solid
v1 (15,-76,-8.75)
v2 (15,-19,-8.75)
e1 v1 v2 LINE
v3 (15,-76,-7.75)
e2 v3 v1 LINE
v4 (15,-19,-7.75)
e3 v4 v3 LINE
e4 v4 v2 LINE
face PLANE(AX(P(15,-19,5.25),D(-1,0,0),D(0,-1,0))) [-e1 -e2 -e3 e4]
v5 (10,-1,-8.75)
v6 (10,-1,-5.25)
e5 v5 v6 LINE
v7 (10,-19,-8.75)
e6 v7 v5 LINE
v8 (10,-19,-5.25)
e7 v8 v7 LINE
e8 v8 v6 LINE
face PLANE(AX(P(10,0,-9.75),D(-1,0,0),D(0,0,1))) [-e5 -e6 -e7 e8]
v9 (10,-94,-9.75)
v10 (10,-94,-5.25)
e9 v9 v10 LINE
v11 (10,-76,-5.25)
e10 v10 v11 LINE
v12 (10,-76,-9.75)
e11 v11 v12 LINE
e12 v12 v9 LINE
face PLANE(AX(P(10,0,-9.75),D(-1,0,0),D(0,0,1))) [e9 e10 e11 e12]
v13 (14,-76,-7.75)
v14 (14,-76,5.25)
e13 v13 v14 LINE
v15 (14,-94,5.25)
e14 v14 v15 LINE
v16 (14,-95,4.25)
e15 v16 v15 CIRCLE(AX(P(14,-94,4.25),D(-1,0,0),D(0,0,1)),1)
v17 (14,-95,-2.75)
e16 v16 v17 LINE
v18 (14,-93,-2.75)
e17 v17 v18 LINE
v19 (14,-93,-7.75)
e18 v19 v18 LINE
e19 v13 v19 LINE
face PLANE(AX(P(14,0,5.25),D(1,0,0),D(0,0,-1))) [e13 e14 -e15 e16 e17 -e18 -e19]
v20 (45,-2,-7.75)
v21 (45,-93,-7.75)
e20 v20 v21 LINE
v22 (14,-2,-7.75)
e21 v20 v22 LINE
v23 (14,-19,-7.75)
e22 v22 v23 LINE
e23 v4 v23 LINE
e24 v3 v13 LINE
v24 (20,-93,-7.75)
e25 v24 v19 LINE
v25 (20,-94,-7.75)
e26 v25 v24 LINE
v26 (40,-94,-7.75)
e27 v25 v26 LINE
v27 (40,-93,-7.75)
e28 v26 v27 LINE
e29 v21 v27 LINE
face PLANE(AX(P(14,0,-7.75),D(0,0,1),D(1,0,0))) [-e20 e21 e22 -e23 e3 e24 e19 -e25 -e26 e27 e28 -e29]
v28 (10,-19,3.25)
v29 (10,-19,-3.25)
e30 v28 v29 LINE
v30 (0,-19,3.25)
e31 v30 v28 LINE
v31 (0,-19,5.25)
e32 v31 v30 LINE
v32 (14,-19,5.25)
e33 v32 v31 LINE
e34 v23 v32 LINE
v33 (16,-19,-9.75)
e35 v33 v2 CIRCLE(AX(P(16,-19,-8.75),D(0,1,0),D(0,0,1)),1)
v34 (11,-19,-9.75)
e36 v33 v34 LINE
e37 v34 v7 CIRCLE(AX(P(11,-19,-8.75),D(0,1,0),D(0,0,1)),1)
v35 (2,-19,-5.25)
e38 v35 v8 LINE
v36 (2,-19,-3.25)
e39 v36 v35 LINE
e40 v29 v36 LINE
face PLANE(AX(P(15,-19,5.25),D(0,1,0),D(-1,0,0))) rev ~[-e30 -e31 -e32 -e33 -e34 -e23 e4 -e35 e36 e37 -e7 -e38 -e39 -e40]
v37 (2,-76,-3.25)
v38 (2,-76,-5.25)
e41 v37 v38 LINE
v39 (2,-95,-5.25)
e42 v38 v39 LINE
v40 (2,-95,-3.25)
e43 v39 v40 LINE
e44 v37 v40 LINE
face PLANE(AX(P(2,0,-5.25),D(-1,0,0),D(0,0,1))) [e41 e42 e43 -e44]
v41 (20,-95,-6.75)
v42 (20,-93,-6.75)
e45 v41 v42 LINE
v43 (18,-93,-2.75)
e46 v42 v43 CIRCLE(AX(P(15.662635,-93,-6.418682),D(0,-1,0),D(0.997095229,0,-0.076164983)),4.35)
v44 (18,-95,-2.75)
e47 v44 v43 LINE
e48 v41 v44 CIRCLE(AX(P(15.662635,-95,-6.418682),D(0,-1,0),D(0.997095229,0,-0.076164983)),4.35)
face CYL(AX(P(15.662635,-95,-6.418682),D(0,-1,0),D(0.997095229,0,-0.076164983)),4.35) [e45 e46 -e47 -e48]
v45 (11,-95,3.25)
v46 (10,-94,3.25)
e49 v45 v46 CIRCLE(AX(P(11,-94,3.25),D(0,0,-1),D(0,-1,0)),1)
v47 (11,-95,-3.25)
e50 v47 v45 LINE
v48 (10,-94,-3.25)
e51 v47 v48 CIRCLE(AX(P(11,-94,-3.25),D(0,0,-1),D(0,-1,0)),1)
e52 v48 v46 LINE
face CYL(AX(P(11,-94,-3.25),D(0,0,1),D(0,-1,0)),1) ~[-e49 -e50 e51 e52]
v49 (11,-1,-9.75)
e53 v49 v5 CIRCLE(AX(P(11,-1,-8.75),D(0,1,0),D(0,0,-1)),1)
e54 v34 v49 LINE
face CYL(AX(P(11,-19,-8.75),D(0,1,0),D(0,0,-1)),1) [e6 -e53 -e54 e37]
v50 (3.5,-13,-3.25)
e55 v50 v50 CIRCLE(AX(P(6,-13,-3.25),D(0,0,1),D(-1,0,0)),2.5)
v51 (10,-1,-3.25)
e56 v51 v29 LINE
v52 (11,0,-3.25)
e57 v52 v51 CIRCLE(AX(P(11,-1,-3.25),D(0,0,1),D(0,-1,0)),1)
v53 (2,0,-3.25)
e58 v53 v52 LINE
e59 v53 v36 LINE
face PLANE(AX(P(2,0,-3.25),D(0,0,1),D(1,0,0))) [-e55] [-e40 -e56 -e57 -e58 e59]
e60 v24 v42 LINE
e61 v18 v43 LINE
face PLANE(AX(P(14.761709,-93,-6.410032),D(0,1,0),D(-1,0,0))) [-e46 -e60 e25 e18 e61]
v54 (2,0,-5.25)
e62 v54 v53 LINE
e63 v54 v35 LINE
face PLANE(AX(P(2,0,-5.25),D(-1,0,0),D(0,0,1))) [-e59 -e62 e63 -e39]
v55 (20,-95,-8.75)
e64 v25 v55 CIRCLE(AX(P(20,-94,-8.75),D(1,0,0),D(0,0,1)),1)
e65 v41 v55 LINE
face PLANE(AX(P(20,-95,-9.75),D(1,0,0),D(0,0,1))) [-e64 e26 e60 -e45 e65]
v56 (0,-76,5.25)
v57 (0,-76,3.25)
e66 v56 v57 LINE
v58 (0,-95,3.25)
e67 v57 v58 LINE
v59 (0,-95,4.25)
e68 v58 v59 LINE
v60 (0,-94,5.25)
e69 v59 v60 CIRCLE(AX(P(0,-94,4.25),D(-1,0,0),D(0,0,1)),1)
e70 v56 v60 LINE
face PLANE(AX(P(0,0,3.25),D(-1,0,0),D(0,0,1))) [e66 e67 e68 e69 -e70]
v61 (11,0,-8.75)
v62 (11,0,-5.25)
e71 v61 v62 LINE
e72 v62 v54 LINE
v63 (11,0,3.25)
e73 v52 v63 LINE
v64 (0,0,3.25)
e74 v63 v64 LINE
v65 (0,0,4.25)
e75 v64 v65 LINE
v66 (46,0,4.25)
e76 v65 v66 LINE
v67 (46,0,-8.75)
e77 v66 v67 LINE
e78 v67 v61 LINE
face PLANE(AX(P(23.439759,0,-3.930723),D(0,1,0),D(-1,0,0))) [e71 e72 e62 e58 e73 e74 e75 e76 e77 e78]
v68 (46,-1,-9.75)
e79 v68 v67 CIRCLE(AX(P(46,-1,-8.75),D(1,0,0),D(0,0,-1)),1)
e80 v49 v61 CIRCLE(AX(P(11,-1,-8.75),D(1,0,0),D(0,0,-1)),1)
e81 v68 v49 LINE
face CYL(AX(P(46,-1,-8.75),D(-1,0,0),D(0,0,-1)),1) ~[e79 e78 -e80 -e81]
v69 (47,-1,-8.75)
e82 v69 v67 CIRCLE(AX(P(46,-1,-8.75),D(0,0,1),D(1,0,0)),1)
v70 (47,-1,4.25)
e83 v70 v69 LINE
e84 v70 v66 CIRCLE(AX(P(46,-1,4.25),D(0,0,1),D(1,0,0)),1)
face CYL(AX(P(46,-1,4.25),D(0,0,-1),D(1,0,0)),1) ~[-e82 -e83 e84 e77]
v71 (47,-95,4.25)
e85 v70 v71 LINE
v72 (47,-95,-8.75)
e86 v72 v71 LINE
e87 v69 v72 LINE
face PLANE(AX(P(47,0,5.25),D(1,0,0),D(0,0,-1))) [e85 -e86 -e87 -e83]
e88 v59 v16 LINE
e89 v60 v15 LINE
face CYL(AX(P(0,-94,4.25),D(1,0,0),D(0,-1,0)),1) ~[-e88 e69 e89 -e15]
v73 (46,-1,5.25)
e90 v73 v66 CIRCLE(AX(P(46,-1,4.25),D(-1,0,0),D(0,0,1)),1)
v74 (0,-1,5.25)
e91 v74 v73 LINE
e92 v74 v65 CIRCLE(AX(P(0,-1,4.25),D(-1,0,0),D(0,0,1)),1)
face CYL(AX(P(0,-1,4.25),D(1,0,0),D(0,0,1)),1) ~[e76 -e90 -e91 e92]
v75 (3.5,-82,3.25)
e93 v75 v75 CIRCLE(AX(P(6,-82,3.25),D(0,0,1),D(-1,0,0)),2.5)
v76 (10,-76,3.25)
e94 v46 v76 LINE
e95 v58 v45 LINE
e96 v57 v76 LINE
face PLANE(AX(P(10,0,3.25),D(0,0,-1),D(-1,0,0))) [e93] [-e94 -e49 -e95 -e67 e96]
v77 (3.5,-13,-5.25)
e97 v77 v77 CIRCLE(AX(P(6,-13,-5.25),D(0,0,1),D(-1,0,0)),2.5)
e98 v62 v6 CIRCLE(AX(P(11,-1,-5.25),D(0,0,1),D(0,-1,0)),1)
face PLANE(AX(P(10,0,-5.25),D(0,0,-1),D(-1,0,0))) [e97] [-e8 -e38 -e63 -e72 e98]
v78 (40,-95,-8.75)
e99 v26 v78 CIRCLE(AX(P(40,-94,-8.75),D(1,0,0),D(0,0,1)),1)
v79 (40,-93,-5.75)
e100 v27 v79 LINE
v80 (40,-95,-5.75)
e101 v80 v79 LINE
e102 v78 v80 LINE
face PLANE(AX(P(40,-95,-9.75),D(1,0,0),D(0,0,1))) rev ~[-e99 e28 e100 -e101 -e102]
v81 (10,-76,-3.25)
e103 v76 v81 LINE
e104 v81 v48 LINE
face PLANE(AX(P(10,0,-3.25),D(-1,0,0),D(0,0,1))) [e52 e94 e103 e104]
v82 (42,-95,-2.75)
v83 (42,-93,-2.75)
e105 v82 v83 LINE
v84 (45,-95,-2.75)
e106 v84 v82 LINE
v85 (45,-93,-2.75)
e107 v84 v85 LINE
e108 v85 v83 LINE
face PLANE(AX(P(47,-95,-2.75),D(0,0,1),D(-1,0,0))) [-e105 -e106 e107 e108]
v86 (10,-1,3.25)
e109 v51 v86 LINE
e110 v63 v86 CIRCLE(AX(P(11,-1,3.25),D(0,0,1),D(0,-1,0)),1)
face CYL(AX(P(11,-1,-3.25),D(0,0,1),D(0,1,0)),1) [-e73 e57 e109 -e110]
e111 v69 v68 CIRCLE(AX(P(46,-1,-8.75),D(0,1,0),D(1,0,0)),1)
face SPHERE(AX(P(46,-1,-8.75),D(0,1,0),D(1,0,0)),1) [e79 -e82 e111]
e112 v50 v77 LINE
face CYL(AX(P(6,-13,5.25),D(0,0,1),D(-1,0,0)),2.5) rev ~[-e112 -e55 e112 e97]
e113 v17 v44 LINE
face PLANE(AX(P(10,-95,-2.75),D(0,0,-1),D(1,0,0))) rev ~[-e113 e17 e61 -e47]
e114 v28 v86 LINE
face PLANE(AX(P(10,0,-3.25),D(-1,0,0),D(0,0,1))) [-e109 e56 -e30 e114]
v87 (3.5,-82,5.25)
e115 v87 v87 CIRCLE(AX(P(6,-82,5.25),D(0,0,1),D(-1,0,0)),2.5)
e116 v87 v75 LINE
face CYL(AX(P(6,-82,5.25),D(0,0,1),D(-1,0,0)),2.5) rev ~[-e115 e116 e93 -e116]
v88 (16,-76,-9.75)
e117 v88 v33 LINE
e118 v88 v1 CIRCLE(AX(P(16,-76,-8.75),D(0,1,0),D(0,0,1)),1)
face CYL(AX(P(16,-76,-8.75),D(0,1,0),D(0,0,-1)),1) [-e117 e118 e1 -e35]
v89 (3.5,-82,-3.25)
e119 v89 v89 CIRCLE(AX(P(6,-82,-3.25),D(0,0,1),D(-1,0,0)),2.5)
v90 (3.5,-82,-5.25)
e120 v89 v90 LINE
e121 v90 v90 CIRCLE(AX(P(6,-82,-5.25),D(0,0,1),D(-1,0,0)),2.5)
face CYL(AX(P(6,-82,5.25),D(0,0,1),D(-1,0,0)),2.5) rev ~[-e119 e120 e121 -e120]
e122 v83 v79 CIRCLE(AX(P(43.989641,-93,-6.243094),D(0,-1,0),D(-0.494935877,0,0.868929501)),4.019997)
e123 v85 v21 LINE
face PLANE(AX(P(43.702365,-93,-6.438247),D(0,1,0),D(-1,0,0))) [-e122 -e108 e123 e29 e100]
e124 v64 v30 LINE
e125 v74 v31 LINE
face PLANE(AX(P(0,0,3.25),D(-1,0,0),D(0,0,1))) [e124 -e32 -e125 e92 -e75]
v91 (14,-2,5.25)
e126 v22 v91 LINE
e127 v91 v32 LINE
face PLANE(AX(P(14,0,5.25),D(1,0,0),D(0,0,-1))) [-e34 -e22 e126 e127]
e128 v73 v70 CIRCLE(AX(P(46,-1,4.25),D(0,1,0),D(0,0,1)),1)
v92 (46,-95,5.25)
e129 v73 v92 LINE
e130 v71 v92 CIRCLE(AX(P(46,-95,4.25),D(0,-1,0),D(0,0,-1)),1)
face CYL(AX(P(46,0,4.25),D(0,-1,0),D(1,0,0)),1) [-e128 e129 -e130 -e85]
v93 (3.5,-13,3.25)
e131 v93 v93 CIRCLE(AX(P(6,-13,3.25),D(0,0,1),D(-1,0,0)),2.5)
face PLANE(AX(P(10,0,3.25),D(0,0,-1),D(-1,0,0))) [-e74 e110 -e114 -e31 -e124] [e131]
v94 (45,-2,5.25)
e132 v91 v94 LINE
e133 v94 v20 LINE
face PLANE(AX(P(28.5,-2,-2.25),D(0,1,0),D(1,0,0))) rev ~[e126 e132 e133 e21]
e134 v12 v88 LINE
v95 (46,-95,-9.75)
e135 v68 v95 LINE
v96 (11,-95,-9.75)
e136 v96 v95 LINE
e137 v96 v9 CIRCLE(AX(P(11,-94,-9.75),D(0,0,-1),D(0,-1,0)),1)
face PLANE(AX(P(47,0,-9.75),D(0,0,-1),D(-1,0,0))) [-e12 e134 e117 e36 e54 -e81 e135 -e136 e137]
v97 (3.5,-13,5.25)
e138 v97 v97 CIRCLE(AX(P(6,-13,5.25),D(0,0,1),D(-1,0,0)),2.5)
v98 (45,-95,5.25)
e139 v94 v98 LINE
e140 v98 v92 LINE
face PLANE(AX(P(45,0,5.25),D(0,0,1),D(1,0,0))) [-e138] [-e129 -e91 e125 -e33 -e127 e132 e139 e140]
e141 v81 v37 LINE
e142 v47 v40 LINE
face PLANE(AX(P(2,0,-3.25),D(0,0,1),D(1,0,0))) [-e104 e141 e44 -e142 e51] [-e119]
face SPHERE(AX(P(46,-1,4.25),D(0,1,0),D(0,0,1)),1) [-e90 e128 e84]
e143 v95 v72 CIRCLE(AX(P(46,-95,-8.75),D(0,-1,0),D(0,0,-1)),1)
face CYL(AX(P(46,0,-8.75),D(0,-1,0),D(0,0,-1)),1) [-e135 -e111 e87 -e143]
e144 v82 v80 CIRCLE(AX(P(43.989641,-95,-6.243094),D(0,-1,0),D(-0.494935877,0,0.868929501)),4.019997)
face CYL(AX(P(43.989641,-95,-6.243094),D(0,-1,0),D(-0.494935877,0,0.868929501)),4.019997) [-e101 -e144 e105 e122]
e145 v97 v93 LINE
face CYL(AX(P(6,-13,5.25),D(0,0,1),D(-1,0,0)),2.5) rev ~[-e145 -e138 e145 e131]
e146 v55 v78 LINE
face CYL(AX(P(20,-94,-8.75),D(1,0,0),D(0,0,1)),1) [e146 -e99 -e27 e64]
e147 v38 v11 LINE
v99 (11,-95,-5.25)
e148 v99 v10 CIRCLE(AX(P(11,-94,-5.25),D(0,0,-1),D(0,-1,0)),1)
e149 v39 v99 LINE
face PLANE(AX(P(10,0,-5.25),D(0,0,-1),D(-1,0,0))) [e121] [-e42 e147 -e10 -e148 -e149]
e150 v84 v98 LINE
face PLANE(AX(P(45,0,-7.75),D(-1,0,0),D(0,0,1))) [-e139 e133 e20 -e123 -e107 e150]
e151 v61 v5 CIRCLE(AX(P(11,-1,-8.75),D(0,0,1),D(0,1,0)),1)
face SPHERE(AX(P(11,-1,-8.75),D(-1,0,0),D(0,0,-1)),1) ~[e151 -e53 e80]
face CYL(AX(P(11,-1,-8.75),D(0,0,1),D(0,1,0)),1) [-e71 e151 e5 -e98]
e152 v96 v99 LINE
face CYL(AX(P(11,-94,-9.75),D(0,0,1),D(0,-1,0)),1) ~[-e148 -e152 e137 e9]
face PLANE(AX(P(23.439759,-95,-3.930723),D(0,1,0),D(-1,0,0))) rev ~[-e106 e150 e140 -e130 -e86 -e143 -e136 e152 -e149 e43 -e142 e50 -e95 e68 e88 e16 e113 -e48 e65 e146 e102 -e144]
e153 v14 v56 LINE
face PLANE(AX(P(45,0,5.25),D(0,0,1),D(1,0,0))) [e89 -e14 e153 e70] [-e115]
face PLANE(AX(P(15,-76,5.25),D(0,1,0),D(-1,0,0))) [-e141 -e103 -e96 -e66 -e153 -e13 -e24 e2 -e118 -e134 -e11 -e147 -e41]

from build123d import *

# Parameters (mm, degrees)
PAD_DEPTH       = 95
SKETCH001_W     = 37
SKETCH001_H     = 15
PAD001_DEPTH    = 2
PAD002_DEPTH    = 2
PAD003_DEPTH    = 2
SKETCH004_W     = 15
SKETCH004_H     = 57
POCKET_DEPTH    = 15.001
SKETCH005_R     = 2.5
POCKET001_DEPTH = 15.001
FILLET_R        = 1
FILLET001_R     = 1
FILLET002_R     = 1
FILLET003_R     = 1
FILLET004_R     = 1
FILLET005_R     = 1
FILLET006_R     = 1
FILLET007_R     = 1
FILLET008_R     = 1
FILLET009_R     = 1


with BuildPart() as part:
    # Sketch → Pad (new body)
    with BuildSketch(Plane.XZ):
        Polygon((2, -3.25), (10, -3.25), (10, 3.25), (0, 3.25), (0, 5.25), (14, 5.25), (14, -7.75), (45, -7.75), (45, 5.25), (47, 5.25), (47, -9.75), (10, -9.75), (10, -5.25), (2, -5.25), align=None)
    extrude(amount=PAD_DEPTH)

    # Sketch001 (on Face15 of Pad) → Pad001 (join)
    with BuildSketch(Plane(origin=(0, 0, 0), x_dir=(1, 0, 0), z_dir=(0, 1, 0))):
        with Locations((28.5, 2.25)):
            Rectangle(SKETCH001_W, SKETCH001_H)
    extrude(amount=-PAD001_DEPTH)

    # Sketch002 (on Face6 of Pad001) → Pad002 (join)
    with BuildSketch(Plane.XZ.offset(95)):
        with BuildLine():
            Line((10, -9.75), (10, -2.75))
            Line((10, -2.75), (18, -2.75))
            ThreePointArc((20, -6.75), (19.553394, -4.473303), (18, -2.75))
            Line((20, -9.75), (20, -6.75))
            Line((10, -9.75), (20, -9.75))
        make_face()
    extrude(amount=-PAD002_DEPTH)

    # Sketch003 (on Face26 of Pad002) → Pad003 (join)
    with BuildSketch(Plane.XZ.offset(95)):
        with BuildLine():
            Line((47, -9.75), (40, -9.75))
            Line((40, -9.75), (40, -5.75))
            ThreePointArc((42, -2.75), (40.644801, -4.013201), (40, -5.75))
            Line((47, -2.75), (42, -2.75))
            Line((47, -9.75), (47, -2.75))
        make_face()
    extrude(amount=-PAD003_DEPTH)

    # Sketch004 (on Face24 of Pad003) → Pocket (cut, through all)
    with BuildSketch(Plane(origin=(0, 0, 5.25), x_dir=(-1, 0, 0), z_dir=(0, 0, 1))):
        with Locations((-7.5, 47.5)):
            Rectangle(SKETCH004_W, SKETCH004_H)
    extrude(amount=-POCKET_DEPTH, mode=Mode.SUBTRACT)

    # Sketch005 (on Face10 of Pocket) → Pocket001 (cut, through all)
    with BuildSketch(Plane(origin=(0, 0, 5.25), x_dir=(-1, 0, 0), z_dir=(0, 0, 1))):
        with Locations((-6, 82)):
            Circle(SKETCH005_R)
        with Locations((-6, 13)):
            Circle(SKETCH005_R)
    extrude(amount=-POCKET001_DEPTH, mode=Mode.SUBTRACT)

    # Fillet
    fillet_edges = [part.edges().sort_by_distance(p)[0] for p in [
        (47, -47.5, -9.75),
    ]]
    fillet(fillet_edges, radius=FILLET_R)

    # Fillet001
    fillet001_edges = [part.edges().sort_by_distance(p)[0] for p in [
        (47, -48.5, 5.25),
    ]]
    fillet(fillet001_edges, radius=FILLET001_R)

    # Fillet002
    fillet002_edges = [part.edges().sort_by_distance(p)[0] for p in [
        (29.5, 0, 5.25),
    ]]
    fillet(fillet002_edges, radius=FILLET002_R)

    # Fillet003
    fillet003_edges = [part.edges().sort_by_distance(p)[0] for p in [
        (10, 0, 0),
    ]]
    fillet(fillet003_edges, radius=FILLET003_R)

    # Fillet004
    fillet004_edges = [part.edges().sort_by_distance(p)[0] for p in [
        (10, 0, -7),
    ]]
    fillet(fillet004_edges, radius=FILLET004_R)

    # Fillet005
    fillet005_edges = [part.edges().sort_by_distance(p)[0] for p in [
        (10, -95, 0.25),
    ]]
    fillet(fillet005_edges, radius=FILLET005_R)

    # Fillet006
    fillet006_edges = [part.edges().sort_by_distance(p)[0] for p in [
        (10, -95, -7.5),
    ]]
    fillet(fillet006_edges, radius=FILLET006_R)

    # Fillet007
    fillet007_edges = [part.edges().sort_by_distance(p)[0] for p in [
        (7, -95, 5.25),
    ]]
    fillet(fillet007_edges, radius=FILLET007_R)

    # Fillet008
    fillet008_edges = [part.edges().sort_by_distance(p)[0] for p in [
        (15, -47.5, -9.75),
    ]]
    fillet(fillet008_edges, radius=FILLET008_R)

    # Fillet009
    fillet009_edges = [part.edges().sort_by_distance(p)[0] for p in [
        (30, -95, -7.75),
    ]]
    fillet(fillet009_edges, radius=FILLET009_R)


solid = part.part
